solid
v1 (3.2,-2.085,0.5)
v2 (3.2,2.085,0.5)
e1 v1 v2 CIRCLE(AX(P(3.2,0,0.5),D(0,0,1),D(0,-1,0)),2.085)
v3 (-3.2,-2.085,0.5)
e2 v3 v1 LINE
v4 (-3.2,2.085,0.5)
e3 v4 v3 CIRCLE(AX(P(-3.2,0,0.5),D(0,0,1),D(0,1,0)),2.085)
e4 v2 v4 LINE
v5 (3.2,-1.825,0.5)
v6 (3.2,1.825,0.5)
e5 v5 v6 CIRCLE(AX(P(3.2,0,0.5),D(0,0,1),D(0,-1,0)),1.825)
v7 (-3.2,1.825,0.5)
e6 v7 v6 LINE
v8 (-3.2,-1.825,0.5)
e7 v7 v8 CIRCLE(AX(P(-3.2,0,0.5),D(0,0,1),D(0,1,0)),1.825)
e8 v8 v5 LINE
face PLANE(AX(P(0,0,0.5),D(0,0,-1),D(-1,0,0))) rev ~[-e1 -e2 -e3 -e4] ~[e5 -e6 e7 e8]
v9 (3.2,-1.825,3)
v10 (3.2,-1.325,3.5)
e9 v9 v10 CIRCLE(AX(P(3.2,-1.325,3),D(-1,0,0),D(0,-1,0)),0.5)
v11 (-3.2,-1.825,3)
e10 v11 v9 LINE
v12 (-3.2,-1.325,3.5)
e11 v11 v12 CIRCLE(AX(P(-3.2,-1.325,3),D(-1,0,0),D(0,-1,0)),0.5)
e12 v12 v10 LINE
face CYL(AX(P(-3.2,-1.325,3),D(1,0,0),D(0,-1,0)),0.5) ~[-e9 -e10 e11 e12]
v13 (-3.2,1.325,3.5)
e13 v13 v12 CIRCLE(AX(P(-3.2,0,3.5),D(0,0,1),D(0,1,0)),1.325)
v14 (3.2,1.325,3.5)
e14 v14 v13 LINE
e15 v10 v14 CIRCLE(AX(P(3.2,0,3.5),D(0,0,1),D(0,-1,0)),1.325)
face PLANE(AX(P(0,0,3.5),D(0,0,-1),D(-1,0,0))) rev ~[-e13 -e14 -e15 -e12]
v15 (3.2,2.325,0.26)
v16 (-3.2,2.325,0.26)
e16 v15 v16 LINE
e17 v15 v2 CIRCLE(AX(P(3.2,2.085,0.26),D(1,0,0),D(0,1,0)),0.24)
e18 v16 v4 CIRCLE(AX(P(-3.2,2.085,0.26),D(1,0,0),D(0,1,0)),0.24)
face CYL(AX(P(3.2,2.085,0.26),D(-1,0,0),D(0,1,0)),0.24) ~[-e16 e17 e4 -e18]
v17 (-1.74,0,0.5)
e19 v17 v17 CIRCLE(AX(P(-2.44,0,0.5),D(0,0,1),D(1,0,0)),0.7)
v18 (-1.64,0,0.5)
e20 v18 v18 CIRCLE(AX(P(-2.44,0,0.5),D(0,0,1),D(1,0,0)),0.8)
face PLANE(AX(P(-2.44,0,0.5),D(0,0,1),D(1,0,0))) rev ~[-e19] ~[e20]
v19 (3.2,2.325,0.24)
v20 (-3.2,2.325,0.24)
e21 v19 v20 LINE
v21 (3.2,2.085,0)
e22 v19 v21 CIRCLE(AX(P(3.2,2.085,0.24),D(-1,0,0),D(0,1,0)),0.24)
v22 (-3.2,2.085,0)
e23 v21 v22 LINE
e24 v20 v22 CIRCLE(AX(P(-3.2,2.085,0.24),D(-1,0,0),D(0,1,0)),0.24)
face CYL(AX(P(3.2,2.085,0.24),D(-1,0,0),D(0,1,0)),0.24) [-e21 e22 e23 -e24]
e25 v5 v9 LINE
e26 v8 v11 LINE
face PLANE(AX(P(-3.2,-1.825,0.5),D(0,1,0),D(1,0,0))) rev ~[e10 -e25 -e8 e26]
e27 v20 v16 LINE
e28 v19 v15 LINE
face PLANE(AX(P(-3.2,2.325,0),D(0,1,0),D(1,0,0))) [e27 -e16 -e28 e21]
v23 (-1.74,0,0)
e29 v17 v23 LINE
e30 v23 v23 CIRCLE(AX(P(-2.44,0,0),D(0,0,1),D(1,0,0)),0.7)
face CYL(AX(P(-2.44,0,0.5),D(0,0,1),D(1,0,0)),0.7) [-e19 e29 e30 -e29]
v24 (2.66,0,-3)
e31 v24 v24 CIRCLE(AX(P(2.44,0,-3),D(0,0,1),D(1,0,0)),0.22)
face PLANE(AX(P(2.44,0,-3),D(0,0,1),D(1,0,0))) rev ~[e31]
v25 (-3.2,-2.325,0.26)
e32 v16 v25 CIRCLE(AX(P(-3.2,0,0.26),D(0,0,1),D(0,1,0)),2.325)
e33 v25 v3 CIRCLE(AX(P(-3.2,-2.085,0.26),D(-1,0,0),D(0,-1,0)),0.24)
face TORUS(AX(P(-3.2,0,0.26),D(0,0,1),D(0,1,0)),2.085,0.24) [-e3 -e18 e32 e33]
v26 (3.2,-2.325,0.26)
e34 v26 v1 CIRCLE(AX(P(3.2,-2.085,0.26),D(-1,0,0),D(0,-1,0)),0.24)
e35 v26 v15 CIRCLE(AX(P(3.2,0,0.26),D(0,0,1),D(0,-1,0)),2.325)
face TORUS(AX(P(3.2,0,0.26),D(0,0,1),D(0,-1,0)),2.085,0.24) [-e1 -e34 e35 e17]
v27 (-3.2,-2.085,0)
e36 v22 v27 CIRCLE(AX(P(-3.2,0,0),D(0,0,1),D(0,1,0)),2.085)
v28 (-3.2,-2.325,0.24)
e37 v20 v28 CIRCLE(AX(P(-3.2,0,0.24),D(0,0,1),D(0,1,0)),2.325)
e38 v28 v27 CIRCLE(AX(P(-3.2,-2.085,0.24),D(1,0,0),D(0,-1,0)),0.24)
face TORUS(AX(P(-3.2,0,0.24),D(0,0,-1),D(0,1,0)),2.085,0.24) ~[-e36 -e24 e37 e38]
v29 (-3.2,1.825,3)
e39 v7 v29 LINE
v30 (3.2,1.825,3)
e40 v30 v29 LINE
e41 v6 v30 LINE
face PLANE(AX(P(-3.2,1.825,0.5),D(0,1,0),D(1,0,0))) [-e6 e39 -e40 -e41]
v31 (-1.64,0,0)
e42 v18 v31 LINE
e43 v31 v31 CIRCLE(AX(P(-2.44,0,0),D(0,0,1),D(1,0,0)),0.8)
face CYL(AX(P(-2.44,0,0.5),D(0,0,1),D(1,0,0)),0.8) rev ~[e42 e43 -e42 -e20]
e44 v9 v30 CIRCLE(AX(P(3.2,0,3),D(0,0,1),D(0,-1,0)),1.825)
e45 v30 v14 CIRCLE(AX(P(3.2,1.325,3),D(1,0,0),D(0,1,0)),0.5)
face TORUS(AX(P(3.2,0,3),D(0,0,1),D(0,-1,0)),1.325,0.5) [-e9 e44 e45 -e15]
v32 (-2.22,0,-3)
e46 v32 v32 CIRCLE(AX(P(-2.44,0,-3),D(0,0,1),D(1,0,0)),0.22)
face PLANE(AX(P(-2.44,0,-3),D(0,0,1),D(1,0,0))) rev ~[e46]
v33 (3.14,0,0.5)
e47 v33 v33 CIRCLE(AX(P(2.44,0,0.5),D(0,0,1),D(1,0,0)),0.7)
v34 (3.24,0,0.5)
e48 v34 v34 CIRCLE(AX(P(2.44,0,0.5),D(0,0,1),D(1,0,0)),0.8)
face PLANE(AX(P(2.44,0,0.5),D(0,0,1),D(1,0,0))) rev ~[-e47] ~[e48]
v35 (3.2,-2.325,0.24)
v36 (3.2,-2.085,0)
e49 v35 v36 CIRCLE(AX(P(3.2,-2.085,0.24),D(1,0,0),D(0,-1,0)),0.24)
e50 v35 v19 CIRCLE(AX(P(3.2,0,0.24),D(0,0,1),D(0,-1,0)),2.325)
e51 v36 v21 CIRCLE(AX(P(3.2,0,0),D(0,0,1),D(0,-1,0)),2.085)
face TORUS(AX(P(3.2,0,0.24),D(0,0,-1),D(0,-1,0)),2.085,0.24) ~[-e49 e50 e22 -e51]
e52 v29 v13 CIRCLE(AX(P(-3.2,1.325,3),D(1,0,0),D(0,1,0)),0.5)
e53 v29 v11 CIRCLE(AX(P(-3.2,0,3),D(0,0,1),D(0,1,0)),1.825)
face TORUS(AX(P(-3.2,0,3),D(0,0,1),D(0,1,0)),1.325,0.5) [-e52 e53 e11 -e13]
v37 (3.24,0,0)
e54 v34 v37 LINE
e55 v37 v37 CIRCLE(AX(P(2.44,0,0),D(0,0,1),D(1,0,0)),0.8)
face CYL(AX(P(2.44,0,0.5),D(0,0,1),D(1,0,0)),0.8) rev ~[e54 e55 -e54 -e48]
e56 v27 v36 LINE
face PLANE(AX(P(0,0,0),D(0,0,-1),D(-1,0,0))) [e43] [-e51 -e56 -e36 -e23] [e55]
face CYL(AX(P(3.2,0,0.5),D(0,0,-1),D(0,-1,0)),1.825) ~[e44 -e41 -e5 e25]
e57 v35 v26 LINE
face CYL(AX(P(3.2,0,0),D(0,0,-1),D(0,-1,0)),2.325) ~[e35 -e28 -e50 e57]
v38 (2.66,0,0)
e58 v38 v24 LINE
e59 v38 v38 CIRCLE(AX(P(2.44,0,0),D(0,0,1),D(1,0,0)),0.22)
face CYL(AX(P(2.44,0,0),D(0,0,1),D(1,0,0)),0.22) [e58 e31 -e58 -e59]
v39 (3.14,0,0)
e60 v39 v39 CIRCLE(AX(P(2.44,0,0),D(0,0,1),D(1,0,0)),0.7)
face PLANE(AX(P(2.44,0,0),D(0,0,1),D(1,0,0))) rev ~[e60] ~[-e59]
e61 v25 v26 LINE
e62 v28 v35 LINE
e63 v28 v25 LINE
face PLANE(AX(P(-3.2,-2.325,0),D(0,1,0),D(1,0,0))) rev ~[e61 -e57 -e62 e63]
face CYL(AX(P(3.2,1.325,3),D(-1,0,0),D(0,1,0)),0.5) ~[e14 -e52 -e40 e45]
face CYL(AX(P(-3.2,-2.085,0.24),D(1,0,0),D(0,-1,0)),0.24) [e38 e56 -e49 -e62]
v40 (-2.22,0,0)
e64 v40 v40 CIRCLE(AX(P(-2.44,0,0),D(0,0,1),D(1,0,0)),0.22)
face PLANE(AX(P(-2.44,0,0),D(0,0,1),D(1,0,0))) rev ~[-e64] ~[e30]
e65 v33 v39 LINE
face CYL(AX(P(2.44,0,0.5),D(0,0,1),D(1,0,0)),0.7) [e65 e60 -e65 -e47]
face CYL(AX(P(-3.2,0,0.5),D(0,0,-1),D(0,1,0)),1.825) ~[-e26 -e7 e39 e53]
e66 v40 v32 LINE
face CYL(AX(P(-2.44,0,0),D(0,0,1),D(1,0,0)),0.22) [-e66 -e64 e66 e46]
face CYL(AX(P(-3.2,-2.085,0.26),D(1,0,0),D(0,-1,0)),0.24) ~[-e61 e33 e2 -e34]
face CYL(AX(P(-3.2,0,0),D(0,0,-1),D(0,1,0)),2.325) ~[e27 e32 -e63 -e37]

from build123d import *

# Parameters (mm, degrees)
PAD_DEPTH    = 0.5
FILLET_R     = 0.24
PAD001_DEPTH = 3
FILLET001_R  = 0.5
SKETCH002_R  = 0.8
POCKET_DEPTH = 0.5
SKETCH003_R  = 0.7
PAD002_DEPTH = 0.5
SKETCH004_R  = 0.22
PAD003_DEPTH = 3


with BuildPart() as part:
    # Sketch → Pad (new body)
    with BuildSketch(Plane.XY):
        with BuildLine():
            Line((-3.2, 2.325), (3.2, 2.325))
            ThreePointArc((3.2, -2.325), (5.525, 0), (3.2, 2.325))
            Line((-3.2, -2.325), (3.2, -2.325))
            ThreePointArc((-3.2, 2.325), (-5.525, 0), (-3.2, -2.325))
        make_face()
    extrude(amount=PAD_DEPTH)

    # Fillet
    fillet_edges = [part.edges().sort_by_distance(p)[0] for p in [
        (0, -2.325, 0.5),
        (-5.525, 0, 0.5),
        (0, 2.325, 0.5),
        (5.525, 0, 0.5),
        (5.525, 0, 0),
        (0, -2.325, 0),
        (-5.525, 0, 0),
        (0, 2.325, 0),
    ]]
    fillet(fillet_edges, radius=FILLET_R)

    # Sketch001 (on DatumPlane) → Pad001 (join)
    with BuildSketch(Plane.XY.offset(0.5)):
        with BuildLine():
            Line((-3.2, 1.825), (3.2, 1.825))
            ThreePointArc((3.2, -1.825), (5.025, 0), (3.2, 1.825))
            Line((-3.2, -1.825), (3.2, -1.825))
            ThreePointArc((-3.2, 1.825), (-5.025, 0), (-3.2, -1.825))
        make_face()
    extrude(amount=PAD001_DEPTH)

    # Fillet001
    fillet001_edges = [part.edges().sort_by_distance(p)[0] for p in [
        (0, -1.825, 3.5),
        (-5.025, 0, 3.5),
        (0, 1.825, 3.5),
        (5.025, 0, 3.5),
    ]]
    fillet(fillet001_edges, radius=FILLET001_R)

    # Sketch002 (on DatumPlane) → Pocket (cut)
    with BuildSketch(Plane.XY.offset(0.5)):
        with Locations((-2.44, 0)):
            Circle(SKETCH002_R)
        with Locations((2.44, 0)):
            Circle(SKETCH002_R)
    extrude(amount=-POCKET_DEPTH, mode=Mode.SUBTRACT)

    # Sketch003 (on DatumPlane) → Pad002 (join)
    with BuildSketch(Plane.XY.offset(0.5)):
        with Locations((2.44, 0)):
            Circle(SKETCH003_R)
        with Locations((-2.44, 0)):
            Circle(SKETCH003_R)
    extrude(amount=-PAD002_DEPTH)

    # Sketch004 → Pad003 (join)
    with BuildSketch(Plane.XY):
        with Locations((2.44, 0)):
            Circle(SKETCH004_R)
        with Locations((-2.44, 0)):
            Circle(SKETCH004_R)
    extrude(amount=-PAD003_DEPTH)


solid = part.part
